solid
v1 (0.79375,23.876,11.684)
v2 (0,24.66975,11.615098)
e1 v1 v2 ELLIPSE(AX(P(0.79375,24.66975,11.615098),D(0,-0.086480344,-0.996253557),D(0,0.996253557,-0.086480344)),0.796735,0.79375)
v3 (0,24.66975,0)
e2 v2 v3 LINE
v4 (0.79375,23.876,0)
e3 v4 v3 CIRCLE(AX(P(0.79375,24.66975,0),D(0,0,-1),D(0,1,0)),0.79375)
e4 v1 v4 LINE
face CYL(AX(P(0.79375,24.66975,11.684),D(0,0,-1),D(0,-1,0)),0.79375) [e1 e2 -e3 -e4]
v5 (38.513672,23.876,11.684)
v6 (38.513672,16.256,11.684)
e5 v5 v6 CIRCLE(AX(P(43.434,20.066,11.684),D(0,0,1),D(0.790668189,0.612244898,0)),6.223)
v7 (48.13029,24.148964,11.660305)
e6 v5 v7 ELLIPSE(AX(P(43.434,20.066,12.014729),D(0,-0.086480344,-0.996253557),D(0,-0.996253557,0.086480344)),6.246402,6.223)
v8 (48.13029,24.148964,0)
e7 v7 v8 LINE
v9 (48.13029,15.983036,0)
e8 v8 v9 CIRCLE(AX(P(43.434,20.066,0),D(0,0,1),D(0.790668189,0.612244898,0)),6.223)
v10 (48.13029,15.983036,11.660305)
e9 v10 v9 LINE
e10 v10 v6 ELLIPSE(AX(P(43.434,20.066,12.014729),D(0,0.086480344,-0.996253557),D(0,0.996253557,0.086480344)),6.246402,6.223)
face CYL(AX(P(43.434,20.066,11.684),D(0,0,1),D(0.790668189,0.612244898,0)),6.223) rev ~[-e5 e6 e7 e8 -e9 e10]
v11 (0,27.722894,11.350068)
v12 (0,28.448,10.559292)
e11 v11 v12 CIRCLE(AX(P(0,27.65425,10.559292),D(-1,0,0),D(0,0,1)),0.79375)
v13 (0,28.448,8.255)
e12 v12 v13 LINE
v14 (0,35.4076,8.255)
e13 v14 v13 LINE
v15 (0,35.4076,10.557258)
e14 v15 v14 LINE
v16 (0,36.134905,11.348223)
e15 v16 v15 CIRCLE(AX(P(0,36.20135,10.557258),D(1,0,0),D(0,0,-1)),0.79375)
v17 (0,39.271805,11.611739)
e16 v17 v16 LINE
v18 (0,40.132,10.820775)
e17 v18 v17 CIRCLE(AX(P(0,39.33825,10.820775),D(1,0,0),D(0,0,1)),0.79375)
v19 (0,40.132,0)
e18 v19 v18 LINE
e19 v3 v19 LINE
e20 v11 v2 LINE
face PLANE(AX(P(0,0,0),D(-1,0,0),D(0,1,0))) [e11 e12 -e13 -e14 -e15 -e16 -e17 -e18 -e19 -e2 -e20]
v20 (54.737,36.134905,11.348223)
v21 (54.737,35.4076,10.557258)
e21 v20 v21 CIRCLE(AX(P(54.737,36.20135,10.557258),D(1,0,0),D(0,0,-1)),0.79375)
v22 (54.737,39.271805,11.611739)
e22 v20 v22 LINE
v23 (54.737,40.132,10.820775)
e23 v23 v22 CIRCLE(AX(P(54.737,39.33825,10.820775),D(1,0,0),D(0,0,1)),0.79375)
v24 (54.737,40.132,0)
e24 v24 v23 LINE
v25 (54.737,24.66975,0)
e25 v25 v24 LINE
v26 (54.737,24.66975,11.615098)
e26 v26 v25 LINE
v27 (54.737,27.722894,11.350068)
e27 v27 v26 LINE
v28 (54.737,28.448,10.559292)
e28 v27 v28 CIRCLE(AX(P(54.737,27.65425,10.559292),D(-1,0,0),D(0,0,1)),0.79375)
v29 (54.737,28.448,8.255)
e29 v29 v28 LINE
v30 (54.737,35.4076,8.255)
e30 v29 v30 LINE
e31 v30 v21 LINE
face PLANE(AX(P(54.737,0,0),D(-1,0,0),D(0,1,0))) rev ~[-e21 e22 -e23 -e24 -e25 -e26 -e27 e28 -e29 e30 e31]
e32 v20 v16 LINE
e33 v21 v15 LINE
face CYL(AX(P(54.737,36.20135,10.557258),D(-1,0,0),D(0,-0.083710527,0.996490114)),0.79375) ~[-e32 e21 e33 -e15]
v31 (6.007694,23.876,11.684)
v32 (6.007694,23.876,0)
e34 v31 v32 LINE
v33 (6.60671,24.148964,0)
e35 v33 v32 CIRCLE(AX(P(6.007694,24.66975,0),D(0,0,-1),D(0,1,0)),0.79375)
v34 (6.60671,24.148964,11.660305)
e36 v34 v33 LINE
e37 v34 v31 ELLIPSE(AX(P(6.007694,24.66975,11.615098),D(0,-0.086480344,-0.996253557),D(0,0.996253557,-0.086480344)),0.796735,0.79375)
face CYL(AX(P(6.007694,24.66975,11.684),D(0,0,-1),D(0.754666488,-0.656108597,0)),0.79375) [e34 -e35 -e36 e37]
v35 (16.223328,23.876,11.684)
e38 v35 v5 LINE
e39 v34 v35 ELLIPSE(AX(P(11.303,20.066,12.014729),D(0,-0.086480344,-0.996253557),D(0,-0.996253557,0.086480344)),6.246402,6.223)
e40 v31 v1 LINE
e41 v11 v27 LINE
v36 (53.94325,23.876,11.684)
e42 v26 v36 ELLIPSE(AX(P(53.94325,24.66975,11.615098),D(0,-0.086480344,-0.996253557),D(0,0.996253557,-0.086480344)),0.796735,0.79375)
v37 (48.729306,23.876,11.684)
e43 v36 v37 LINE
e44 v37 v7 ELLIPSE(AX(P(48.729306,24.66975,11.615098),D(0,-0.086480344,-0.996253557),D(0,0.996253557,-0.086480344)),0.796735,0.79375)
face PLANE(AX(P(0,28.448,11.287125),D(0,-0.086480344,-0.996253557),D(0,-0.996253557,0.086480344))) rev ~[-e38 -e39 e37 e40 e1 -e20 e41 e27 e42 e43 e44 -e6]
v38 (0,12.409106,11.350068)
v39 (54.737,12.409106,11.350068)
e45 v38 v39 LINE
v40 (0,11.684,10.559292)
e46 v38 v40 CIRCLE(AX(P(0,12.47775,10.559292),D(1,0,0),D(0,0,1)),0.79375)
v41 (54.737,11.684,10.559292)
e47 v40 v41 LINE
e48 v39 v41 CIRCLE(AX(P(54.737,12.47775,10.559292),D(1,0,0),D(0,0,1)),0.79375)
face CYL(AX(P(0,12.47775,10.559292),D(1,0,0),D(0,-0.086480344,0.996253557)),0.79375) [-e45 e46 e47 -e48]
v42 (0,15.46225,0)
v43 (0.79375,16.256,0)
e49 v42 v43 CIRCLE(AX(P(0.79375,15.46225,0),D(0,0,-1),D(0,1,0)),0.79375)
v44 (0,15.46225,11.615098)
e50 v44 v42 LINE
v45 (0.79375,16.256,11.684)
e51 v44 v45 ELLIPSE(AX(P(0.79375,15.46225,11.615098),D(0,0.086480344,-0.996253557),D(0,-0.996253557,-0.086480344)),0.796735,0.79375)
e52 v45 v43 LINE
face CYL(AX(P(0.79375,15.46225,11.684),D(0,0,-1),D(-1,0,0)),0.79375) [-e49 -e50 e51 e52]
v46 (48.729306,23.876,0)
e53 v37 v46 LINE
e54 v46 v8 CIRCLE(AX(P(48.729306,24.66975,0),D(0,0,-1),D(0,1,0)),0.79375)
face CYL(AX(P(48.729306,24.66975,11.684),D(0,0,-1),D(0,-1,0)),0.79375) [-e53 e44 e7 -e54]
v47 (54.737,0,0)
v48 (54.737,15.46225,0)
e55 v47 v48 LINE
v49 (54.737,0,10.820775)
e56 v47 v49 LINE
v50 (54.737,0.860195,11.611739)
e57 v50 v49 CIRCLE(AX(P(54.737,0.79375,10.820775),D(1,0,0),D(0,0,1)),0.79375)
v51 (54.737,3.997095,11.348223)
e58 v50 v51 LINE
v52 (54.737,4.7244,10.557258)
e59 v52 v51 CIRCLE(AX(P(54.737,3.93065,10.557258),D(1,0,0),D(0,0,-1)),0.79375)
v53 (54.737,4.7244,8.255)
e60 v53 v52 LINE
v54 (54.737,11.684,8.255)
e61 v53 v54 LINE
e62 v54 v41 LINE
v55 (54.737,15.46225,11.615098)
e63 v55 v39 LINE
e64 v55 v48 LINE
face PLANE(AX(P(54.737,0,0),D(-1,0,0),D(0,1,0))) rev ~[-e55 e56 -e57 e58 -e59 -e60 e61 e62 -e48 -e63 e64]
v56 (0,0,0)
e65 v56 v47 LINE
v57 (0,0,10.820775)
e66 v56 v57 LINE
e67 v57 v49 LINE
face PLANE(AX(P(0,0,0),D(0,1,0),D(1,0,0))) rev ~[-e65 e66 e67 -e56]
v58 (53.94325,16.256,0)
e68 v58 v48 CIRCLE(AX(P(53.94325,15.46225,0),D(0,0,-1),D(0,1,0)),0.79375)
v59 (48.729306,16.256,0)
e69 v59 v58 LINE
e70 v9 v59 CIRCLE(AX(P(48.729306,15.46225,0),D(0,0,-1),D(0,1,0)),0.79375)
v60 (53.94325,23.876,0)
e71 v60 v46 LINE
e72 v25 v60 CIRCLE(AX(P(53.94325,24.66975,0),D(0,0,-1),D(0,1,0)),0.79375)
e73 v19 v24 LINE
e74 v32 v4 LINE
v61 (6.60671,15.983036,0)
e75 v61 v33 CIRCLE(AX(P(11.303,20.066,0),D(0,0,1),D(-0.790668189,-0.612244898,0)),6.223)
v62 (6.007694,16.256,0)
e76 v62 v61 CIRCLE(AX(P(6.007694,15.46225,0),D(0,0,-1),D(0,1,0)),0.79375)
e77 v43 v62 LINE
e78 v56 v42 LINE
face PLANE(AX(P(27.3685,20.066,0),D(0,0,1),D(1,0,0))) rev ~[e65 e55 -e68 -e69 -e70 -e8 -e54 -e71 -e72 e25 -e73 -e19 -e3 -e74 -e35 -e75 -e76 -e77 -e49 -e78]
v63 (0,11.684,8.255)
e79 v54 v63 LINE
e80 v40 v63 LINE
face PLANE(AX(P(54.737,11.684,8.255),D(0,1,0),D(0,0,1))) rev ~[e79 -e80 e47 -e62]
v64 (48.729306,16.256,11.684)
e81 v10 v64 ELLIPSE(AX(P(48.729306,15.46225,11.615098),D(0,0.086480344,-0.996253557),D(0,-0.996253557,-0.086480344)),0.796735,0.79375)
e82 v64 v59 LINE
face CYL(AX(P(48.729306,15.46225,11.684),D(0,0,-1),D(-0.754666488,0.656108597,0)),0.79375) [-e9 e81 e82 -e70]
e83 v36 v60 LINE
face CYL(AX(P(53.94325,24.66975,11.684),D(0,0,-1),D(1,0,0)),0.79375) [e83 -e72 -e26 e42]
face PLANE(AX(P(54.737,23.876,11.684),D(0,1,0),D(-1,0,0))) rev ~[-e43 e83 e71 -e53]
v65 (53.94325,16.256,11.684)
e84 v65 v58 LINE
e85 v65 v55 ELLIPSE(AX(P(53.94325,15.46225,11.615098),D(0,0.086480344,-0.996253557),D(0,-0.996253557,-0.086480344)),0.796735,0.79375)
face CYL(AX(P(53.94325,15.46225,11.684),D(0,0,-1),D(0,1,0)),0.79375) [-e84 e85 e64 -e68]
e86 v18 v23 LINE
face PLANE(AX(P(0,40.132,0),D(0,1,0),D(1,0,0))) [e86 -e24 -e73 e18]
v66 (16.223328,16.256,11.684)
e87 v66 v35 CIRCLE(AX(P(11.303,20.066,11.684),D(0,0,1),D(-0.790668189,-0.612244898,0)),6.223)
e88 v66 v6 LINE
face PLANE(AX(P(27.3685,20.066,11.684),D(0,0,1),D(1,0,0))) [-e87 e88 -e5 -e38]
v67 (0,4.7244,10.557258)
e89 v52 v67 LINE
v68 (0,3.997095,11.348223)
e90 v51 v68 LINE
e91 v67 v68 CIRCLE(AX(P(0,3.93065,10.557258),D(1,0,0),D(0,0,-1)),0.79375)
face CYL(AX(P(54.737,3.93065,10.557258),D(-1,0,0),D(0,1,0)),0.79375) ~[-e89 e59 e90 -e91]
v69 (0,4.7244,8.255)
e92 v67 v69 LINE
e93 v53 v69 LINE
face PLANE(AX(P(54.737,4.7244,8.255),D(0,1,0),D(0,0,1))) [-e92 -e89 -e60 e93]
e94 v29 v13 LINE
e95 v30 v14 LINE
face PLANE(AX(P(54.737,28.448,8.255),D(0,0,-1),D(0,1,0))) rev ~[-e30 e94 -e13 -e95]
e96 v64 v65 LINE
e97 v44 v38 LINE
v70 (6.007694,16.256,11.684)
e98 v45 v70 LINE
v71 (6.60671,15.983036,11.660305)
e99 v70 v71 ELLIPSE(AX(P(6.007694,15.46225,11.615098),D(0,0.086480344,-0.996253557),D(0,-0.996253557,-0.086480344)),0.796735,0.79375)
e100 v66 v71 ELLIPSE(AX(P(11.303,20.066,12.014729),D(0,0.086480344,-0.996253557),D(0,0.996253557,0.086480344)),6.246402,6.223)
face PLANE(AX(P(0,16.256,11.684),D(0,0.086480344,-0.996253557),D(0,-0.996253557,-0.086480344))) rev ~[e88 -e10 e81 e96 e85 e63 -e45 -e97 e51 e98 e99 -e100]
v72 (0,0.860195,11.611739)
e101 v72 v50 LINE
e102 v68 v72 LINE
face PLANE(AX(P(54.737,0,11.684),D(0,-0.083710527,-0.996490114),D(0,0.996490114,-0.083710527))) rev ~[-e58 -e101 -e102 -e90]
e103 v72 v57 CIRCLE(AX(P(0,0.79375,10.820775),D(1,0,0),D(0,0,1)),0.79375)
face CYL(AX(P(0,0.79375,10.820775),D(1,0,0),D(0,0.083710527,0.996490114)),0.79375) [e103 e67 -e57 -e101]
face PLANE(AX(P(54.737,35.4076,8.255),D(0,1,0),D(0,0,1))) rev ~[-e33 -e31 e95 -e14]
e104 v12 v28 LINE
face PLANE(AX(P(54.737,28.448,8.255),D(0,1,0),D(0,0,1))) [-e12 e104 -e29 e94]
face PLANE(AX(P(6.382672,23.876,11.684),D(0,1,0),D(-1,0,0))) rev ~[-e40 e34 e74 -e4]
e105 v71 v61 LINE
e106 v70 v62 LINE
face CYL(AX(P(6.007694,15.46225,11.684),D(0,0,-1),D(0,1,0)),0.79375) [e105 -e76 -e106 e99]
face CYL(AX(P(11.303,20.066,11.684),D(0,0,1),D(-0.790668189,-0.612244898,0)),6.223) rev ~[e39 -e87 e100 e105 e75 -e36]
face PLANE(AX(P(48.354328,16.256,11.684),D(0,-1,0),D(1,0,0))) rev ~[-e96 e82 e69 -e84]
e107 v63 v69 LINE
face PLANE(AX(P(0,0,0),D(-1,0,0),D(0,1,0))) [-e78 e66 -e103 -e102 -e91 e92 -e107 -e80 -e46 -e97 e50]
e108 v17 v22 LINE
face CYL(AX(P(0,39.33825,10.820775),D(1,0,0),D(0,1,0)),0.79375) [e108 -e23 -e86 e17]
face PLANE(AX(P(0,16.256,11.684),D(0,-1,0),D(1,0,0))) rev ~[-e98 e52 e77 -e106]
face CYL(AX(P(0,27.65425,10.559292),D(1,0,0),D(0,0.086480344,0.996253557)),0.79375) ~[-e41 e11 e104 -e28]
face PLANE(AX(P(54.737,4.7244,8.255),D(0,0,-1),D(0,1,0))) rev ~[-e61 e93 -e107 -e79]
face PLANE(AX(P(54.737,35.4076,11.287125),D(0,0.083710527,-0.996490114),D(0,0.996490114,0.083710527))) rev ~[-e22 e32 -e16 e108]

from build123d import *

# Parameters (mm, degrees)
F0_W     = 54.737
F0_H     = 40.132
F1_DEPTH = 11.684
F2_W     = 6.9596
F2_H     = 3.429
F3_DEPTH = 54.738
F5_DEPTH = 54.738
F7_DEPTH = 11.685
F9_DEPTH = 54.738
F10_R    = 0.79375


with BuildPart() as f1:
    # F0 (on Top) → F1 (new body)
    with BuildSketch(Plane.XY):
        with Locations((27.3685, 20.066)):
            Rectangle(F0_W, F0_H)
    extrude(amount=F1_DEPTH)

    # F2 (on face) → F3 (cut, through all)
    with BuildSketch(Plane.YZ.offset(54.737)):
        with Locations((31.9278, 9.9695)):
            Rectangle(F2_W, F2_H)
        with Locations((8.2042, 9.9695)):
            Rectangle(F2_W, F2_H)
    extrude(amount=-F3_DEPTH, mode=Mode.SUBTRACT)

    # F4 (on face) → F5 (cut, through all)
    with BuildSketch(Plane.YZ.offset(54.737)):
        Polygon((4.7244, 11.684), (0, 11.684), (4.7244, 11.287125), align=None)
        Polygon((35.4076, 11.287125), (40.132, 11.684), (35.4076, 11.684), align=None)
    extrude(amount=-F5_DEPTH, mode=Mode.SUBTRACT)

    # F6 (on face) → F7 (cut, through all)
    with BuildSketch(Plane.XY.offset(11.684)):
        with BuildLine():
            Line((0, 16.256), (6.3826718605, 16.256))
            ThreePointArc((6.3826718605, 16.256), (17.526, 20.066), (6.3826718605, 23.876))
            Line((6.3826718605, 23.876), (0, 23.876))
            Line((0, 23.876), (0, 16.256))
        make_face()
        with BuildLine():
            Line((54.737, 23.876), (48.3543281395, 23.876))
            ThreePointArc((48.3543281395, 23.876), (37.211, 20.066), (48.3543281395, 16.256))
            Line((48.3543281395, 16.256), (54.737, 16.256))
            Line((54.737, 16.256), (54.737, 23.876))
        make_face()
    extrude(amount=-F7_DEPTH, mode=Mode.SUBTRACT)

    # F8 (on face) → F9 (cut, through all)
    with BuildSketch(Plane(origin=(0, 0, 0), x_dir=(0, -1, 0), z_dir=(-1, 0, 0))):
        Polygon((-28.448, 11.287125), (-23.876, 11.684), (-28.448, 11.684), align=None)
        Polygon((-16.256, 11.684), (-11.684, 11.287125), (-11.684, 11.684), align=None)
    extrude(amount=-F9_DEPTH, mode=Mode.SUBTRACT)

    # F10
    f10_edges = [f1.edges().sort_by_distance(p)[0] for p in [
        (27.3685, 40.132, 11.684),
        (27.3685, 35.4076, 11.287125),
        (27.3685, 28.448, 11.287125),
        (27.3685, 11.684, 11.287125),
        (27.3685, 4.7244, 11.287125),
        (27.3685, 0, 11.684),
        (54.737, 16.256, 5.842),
        (54.737, 23.876, 5.842),
        (0, 23.876, 5.842),
        (0, 16.256, 5.842),
        (6.382672, 23.876, 5.842),
        (6.382672, 16.256, 5.842),
        (48.354328, 16.256, 5.842),
        (48.354328, 23.876, 5.842),
    ]]
    fillet(f10_edges, radius=F10_R)


solid = f1.part
